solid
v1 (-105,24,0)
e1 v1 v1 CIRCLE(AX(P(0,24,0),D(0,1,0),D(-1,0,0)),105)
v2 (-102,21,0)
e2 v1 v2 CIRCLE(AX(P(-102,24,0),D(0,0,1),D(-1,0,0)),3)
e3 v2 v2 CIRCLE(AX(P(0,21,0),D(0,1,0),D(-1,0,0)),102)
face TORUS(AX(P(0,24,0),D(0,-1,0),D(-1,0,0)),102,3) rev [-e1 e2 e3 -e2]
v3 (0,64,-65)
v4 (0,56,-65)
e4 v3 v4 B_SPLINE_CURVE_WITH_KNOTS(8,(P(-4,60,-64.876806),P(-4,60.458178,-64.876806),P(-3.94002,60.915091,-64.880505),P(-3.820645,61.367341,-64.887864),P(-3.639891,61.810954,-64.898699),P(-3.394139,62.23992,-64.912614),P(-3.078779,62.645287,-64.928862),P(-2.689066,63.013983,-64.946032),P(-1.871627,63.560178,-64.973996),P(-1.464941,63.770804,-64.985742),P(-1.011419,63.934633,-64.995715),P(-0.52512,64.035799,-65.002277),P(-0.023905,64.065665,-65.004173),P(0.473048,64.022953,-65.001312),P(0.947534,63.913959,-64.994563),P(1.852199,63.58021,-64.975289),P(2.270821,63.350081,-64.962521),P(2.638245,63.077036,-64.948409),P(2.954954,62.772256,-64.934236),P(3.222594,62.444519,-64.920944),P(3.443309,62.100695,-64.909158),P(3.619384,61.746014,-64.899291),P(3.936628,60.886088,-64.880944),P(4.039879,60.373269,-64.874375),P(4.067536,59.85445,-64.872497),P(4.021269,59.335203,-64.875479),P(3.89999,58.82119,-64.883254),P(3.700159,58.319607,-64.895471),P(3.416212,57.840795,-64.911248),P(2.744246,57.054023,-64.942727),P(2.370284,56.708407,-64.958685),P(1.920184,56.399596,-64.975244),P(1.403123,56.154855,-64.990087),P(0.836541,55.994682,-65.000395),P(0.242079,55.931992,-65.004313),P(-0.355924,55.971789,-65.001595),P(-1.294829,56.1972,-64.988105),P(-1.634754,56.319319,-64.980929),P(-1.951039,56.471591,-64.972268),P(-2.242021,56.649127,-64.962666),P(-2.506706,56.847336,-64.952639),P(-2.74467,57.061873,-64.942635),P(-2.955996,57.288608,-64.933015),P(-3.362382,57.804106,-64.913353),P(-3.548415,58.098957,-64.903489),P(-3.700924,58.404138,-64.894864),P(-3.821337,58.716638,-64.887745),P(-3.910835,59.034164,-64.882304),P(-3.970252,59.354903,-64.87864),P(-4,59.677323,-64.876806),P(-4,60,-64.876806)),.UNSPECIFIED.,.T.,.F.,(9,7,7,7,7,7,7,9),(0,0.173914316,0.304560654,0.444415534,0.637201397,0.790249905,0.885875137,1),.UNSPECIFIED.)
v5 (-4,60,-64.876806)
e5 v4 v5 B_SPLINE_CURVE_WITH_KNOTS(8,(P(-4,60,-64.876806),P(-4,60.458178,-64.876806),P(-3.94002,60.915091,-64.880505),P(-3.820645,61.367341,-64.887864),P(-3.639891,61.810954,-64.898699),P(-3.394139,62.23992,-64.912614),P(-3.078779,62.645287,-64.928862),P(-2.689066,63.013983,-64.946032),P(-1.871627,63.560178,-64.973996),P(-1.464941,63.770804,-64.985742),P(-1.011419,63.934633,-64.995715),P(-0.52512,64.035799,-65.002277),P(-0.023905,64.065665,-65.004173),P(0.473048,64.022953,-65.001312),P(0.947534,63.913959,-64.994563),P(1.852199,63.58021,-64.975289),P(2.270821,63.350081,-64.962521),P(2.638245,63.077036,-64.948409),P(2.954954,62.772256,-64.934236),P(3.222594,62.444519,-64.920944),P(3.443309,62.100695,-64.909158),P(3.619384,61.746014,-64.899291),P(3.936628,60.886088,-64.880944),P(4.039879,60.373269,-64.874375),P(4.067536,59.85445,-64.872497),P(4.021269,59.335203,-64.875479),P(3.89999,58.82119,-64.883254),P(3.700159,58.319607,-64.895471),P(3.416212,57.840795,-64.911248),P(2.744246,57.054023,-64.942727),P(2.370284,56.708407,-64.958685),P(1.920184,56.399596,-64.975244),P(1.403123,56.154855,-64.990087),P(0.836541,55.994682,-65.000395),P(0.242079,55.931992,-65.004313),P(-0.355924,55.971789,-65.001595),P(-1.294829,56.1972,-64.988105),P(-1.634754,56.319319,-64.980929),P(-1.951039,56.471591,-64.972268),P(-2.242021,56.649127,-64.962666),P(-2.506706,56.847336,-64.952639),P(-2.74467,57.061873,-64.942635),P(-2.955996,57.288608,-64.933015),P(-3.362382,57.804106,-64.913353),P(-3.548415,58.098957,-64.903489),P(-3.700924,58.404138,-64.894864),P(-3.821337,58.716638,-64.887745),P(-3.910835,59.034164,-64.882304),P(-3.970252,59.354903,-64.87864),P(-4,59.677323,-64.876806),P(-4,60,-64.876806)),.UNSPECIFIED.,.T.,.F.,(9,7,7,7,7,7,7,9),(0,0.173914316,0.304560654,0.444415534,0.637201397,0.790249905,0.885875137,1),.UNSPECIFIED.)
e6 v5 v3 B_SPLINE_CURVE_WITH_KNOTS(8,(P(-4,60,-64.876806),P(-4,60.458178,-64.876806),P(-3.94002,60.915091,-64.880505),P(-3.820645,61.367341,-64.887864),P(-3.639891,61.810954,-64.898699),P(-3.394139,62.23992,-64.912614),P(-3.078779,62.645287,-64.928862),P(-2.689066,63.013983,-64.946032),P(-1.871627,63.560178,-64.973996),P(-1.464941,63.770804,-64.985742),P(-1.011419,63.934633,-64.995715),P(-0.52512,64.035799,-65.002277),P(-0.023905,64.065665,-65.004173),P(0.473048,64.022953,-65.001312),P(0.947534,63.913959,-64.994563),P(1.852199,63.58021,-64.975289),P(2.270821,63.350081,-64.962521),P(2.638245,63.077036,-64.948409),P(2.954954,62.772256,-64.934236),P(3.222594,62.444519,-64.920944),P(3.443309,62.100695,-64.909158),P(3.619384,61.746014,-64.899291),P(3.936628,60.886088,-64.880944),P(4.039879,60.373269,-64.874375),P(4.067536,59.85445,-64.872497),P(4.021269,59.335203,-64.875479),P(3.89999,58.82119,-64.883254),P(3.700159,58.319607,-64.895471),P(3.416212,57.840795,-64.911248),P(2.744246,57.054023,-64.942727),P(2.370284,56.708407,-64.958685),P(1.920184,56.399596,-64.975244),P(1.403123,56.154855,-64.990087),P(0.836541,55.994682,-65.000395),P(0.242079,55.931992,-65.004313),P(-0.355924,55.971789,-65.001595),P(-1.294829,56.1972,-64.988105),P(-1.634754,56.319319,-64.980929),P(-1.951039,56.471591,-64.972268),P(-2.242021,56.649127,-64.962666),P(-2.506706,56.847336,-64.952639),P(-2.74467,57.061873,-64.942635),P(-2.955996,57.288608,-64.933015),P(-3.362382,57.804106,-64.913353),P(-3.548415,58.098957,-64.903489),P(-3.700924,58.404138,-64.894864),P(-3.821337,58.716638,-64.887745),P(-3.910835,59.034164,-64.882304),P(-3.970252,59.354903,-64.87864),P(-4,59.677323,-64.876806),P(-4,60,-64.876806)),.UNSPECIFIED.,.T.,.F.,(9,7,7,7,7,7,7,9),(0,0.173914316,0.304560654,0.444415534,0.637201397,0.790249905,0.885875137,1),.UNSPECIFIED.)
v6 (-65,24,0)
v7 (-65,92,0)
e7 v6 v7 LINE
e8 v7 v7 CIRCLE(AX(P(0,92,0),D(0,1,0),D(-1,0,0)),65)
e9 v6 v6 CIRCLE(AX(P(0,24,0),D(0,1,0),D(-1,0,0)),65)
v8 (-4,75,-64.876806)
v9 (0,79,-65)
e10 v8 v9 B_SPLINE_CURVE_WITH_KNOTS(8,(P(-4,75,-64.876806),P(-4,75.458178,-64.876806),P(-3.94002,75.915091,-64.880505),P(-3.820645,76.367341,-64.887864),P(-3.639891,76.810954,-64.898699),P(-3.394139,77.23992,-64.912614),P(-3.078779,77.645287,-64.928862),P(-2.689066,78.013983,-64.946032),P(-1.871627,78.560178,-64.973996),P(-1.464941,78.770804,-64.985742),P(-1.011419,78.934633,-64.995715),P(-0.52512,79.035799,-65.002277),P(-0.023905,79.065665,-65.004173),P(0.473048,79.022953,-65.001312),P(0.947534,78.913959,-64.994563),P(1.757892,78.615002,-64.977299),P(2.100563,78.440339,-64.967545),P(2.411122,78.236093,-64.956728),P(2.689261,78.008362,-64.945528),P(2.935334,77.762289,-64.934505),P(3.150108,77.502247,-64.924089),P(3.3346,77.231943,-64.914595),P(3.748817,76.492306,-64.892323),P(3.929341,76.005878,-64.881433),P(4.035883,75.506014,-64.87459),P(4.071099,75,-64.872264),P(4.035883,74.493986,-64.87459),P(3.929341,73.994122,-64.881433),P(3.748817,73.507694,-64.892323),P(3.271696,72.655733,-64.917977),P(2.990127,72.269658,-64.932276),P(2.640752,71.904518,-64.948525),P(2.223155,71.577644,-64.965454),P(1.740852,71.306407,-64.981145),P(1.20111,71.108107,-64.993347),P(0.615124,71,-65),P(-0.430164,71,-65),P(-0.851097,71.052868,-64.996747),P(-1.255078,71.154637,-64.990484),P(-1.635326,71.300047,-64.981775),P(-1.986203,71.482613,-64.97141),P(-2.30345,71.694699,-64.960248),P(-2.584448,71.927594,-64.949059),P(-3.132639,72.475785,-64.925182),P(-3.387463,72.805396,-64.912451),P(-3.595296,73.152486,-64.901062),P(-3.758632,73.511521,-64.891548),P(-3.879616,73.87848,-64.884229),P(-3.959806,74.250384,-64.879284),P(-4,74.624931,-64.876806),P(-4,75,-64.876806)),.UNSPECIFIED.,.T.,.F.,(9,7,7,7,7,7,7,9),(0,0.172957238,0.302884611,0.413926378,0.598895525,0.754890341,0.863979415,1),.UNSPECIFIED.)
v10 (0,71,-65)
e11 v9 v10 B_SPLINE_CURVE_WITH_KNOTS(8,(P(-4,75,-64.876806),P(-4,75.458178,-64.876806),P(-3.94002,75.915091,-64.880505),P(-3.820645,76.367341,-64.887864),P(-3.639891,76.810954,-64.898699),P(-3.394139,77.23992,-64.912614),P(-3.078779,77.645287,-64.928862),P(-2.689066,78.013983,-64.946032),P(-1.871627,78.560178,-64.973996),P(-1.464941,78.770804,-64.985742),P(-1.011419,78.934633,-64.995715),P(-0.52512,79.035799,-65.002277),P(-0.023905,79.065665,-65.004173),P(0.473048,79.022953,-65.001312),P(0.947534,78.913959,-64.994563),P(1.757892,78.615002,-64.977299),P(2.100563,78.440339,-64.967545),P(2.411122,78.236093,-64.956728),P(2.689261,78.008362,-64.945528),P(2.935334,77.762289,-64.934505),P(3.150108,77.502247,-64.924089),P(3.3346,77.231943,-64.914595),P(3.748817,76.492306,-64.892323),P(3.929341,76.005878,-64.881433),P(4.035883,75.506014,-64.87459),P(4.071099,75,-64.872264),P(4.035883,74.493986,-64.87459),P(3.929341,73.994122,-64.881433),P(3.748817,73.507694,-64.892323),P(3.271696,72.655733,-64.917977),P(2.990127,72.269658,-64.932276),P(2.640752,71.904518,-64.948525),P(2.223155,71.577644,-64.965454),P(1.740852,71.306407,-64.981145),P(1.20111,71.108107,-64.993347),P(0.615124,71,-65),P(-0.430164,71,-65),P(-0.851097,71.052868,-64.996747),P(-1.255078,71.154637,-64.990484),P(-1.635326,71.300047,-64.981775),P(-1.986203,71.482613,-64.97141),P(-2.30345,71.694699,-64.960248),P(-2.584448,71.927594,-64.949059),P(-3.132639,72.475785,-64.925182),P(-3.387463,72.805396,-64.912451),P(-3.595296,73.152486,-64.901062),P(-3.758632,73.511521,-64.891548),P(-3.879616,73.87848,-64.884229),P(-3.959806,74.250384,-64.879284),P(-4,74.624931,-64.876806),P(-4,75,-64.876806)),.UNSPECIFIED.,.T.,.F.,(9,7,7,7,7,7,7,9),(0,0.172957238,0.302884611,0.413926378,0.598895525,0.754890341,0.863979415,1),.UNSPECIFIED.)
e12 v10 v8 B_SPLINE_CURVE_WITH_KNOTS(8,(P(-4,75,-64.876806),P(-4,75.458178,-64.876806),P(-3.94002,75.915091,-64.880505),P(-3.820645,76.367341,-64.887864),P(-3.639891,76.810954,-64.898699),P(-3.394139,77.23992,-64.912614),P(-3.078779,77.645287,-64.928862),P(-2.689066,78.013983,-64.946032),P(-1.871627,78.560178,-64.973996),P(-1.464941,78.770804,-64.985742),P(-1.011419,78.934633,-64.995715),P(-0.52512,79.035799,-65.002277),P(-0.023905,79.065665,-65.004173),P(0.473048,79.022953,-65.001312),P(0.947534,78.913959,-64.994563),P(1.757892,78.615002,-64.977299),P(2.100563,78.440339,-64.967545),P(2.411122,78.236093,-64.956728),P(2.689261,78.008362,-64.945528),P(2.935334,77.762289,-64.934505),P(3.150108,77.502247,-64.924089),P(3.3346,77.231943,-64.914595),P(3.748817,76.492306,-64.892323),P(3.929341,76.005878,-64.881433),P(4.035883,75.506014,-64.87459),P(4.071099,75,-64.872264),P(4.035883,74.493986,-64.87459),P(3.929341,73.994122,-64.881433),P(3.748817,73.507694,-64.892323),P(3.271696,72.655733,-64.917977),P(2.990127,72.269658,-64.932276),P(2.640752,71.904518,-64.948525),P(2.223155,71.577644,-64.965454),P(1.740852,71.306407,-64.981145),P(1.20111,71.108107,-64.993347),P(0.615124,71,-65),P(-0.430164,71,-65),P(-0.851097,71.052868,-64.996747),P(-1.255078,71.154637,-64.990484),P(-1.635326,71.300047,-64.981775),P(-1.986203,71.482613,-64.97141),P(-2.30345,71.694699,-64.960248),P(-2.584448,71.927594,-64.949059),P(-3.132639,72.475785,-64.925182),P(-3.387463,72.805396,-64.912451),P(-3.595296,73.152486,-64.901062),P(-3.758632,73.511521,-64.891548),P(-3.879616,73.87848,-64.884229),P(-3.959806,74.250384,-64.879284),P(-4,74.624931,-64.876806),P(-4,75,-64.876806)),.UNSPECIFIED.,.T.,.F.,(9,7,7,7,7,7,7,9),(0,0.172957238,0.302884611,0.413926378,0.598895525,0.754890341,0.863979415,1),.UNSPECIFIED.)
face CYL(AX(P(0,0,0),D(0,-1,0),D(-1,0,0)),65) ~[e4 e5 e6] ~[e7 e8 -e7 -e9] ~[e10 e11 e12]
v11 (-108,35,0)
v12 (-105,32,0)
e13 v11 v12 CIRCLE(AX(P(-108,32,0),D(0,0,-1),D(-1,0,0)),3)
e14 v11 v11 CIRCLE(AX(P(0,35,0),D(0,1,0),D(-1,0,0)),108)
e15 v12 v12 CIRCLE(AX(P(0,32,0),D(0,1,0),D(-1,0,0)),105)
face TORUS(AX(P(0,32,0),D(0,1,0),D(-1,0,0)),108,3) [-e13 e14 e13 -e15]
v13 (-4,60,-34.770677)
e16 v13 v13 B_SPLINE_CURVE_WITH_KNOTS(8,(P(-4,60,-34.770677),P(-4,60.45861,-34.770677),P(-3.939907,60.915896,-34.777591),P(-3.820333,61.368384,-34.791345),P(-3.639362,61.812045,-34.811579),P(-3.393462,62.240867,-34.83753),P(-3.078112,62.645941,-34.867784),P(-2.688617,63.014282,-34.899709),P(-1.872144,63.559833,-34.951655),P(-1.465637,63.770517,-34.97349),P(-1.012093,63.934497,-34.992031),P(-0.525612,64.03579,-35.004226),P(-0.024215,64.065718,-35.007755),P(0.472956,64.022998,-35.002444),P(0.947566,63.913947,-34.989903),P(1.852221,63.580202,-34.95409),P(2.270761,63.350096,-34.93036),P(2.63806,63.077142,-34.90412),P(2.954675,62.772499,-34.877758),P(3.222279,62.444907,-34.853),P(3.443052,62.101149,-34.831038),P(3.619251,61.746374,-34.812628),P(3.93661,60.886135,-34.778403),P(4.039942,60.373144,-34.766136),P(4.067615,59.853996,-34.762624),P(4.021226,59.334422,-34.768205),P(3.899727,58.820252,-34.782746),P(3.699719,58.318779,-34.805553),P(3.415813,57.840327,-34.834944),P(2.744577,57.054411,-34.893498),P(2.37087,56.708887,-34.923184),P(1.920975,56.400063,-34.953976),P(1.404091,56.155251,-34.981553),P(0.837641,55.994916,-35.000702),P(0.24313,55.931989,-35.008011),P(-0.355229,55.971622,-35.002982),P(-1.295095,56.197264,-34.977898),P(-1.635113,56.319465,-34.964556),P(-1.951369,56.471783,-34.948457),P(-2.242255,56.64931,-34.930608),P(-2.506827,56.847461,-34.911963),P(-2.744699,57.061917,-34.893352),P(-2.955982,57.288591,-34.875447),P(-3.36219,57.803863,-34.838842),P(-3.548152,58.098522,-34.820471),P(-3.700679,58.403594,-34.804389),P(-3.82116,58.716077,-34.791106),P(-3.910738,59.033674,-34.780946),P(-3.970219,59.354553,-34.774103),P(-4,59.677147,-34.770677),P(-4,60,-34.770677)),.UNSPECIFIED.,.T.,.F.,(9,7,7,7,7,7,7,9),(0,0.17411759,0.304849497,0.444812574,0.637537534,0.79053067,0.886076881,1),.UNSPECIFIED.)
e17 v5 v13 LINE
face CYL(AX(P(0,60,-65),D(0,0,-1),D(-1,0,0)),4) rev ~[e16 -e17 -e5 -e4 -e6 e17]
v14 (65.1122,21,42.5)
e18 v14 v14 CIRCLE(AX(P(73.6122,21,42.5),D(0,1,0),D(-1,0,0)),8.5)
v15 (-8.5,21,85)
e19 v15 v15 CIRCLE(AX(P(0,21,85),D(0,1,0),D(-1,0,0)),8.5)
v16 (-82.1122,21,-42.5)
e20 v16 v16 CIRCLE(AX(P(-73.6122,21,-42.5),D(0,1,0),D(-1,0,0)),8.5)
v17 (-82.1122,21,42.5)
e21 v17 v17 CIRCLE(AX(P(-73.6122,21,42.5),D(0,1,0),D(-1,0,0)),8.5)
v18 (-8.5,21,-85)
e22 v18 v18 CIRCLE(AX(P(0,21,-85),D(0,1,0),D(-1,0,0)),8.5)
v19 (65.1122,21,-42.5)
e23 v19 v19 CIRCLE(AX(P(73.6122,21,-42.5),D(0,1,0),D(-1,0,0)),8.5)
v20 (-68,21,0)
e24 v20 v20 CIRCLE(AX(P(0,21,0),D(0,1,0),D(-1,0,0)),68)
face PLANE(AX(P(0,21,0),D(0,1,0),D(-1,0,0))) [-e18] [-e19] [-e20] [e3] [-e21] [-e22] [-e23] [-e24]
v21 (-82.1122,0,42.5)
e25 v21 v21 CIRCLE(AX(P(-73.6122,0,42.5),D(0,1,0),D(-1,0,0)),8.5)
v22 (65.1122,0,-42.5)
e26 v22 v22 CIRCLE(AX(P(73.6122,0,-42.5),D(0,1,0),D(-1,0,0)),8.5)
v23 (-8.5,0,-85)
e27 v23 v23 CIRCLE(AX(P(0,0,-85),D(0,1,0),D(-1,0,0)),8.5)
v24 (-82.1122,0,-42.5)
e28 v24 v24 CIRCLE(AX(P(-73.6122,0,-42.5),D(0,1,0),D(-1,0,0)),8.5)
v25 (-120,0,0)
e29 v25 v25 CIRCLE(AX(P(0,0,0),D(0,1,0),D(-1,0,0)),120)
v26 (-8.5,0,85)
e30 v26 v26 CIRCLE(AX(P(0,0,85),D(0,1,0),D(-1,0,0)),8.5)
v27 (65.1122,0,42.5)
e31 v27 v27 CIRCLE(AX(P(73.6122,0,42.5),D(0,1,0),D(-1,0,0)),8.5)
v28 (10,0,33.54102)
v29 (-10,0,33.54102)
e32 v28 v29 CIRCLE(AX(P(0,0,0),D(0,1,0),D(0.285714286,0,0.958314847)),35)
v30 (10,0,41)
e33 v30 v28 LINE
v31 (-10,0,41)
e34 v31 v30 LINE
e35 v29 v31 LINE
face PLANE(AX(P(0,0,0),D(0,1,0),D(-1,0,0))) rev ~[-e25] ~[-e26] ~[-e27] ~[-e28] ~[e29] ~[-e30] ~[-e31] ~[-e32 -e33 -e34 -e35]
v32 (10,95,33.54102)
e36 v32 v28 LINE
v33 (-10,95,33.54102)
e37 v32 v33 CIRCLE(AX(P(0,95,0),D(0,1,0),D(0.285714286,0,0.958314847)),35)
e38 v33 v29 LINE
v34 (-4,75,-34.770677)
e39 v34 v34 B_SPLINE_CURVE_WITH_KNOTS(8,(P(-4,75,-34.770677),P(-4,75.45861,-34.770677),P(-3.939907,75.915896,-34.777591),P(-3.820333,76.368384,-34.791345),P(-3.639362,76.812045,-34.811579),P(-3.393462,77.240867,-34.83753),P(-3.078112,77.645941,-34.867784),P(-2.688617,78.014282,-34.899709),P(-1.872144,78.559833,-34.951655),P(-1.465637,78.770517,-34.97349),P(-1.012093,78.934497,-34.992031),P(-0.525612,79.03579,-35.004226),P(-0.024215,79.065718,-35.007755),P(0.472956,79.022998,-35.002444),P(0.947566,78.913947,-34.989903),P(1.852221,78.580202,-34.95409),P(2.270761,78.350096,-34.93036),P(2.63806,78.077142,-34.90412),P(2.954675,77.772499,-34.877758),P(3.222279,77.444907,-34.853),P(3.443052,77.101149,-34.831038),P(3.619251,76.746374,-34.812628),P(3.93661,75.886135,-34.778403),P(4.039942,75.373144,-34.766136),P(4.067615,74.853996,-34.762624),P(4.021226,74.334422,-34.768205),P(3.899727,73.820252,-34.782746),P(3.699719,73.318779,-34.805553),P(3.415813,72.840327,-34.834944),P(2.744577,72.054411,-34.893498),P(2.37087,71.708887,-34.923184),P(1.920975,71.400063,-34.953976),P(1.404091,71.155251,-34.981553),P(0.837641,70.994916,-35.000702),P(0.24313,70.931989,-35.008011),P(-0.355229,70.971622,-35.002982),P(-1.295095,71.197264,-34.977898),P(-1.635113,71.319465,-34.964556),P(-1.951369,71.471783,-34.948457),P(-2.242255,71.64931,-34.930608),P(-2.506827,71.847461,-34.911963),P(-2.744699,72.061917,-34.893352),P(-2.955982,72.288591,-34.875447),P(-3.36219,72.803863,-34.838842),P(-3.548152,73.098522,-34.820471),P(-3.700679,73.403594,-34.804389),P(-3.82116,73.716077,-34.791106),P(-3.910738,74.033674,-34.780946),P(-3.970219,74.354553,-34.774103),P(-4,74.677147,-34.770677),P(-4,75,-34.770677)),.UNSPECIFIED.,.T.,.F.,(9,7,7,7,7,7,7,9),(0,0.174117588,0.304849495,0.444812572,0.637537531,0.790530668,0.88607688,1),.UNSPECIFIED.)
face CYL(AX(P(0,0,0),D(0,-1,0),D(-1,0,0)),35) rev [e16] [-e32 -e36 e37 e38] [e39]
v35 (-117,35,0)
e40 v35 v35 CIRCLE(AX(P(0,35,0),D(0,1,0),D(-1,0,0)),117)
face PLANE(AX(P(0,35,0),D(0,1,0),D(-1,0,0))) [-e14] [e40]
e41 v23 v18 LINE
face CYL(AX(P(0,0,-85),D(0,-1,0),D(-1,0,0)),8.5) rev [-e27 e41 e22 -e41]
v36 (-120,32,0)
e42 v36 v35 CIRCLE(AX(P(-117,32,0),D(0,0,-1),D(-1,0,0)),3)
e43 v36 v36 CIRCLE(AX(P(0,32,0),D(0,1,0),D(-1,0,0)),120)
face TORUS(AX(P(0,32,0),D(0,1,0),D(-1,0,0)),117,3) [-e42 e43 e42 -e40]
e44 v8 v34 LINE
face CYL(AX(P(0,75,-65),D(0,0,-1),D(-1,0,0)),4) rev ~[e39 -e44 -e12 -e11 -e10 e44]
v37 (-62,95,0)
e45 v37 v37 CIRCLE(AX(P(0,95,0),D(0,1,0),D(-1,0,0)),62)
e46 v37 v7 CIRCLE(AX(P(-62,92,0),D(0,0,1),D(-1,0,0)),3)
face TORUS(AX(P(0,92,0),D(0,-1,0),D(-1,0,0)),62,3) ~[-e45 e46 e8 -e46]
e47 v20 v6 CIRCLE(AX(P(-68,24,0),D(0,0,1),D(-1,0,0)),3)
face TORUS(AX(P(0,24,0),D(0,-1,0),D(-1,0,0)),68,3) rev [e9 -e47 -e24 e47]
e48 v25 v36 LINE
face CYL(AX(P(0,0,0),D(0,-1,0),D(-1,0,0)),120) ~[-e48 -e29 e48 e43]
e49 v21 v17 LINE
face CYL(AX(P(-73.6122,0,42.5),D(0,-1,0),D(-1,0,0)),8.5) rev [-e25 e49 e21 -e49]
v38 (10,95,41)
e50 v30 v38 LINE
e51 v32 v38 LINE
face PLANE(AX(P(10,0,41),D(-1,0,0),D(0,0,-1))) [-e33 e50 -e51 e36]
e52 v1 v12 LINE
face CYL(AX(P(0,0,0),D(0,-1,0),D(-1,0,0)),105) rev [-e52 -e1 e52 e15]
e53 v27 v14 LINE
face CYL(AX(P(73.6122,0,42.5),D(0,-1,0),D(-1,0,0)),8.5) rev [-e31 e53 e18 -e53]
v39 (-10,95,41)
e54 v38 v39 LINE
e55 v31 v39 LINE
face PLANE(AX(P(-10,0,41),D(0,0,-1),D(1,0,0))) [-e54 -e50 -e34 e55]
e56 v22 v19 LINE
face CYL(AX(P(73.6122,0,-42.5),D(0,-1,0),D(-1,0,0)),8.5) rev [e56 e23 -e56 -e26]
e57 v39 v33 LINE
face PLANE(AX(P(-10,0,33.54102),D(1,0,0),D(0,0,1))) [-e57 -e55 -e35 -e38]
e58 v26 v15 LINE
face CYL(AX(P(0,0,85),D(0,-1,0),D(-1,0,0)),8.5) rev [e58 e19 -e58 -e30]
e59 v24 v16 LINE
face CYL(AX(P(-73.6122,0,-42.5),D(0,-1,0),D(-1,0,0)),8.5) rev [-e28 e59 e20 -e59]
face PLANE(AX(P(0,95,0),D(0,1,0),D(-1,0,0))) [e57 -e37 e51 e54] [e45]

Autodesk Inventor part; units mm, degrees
ref_plane "YZ Plane" through (0, 0, 0) normal (1, 0, 0) x (0, 1, 0)
ref_plane "XZ Plane" through (0, 0, 0) normal (0, 1, 0) x (-1, 0, 0)
ref_plane "XY Plane" through (0, 0, 0) normal (0, 0, 1) x (1, 0, 0)
sketch "Náčrt1" plane through (0, 0, 0) normal (0, 1, 0) x (-1, 0, 0)
  circle A0 centre (0, 0) radius 120
  circle A1 centre (0, 0) radius 105
  circle A2 centre (0, 0) radius 35
  circle A3 centre (0, 0) radius 65
  line L0 (0, -65) -> (0, -105) construction
  circle A4 centre (0, -85) radius 8.5
  circle A5 centre (73.6122, -42.5) radius 8.5
  circle A6 centre (73.6122, 42.5) radius 8.5
  circle A7 centre (0, 85) radius 8.5
  circle A8 centre (-73.6122, 42.5) radius 8.5
  circle A9 centre (-73.6122, -42.5) radius 8.5
  dimension "d1" = 210
  dimension "d3" = 130
  dimension "d0" = 240
  dimension "d2" = 70
  dimension "d25" = 17
  dimension "d28" = 360
  dimension "d46" = 40
extrude "Vysunutí1" add sketch "Náčrt1" along normal blind 95 contours A3
extrude "Vysunutí2" add sketch "Náčrt1" along normal blind 21 contours A1
extrude "Vysunutí3" add sketch "Náčrt1" along normal blind 35 contours A0
sketch "Náčrt3" plane through (0, 0, 0) normal (0, -1, 0) x (1, 0, 0)
  line L0 (-10, 41) -> (10, 41)
  line L1 (10, 41) -> (10, 29)
  line L2 (10, 29) -> (-10, 29)
  line L3 (-10, 29) -> (-10, 41)
  circle A0 centre (0, 0) radius 35 projected
  line L4 (-10, 41) -> (10, 29) construction
  line L5 (10, 41) -> (-10, 29) construction
  point P0 (0, 35)
  point P1 (0, 29)
  dimension "d18" = 20
  dimension "d19" = 12
  dimension "d20" = 29
extrude "Vysunutí5" cut sketch "Náčrt3" against normal through all contours L0 L1 A0 L3 | A0 L1 L2 L3 picked at (1.1251, 30.9456)
fillet "Fillet1" radius 3 5 edges at (105, 21, 0) (65, 21, 0) (105, 35, 0) (120, 35, 0) (65, 95, 0)
ref_plane "Work Plane1" through (10, 0, -65) normal (0, 0, -1) x (-1, 0, 0)
sketch "Sketch4" plane through (10, 0, -65) normal (0, 0, -1) x (-1, 0, 0)
  line L0 (10, 0) -> (10, 95)
  line L1 (-25, 95) -> (45, 95) projected
  circle A0 centre (10, 60) radius 4
  line L2 (130, 0) -> (-110, 0) projected
  circle A1 centre (10, 75) radius 4
  point P0 (20, 95)
  point P1 (0, 95)
  dimension "d35" = 60
  dimension "d45" = 8
  dimension "d47" = 15
extrude "Extrusion6" cut sketch "Sketch4" against normal blind 35
thread "Závit3" size "M8x1.25" class "6H" standard "ANSI Metric M Profile" full length
thread "Závit4" size "M8x1.25" class "6H" standard "ANSI Metric M Profile" full length
properties part number "projektspojkas2v1" material "Sedá litina (42 2420)"
